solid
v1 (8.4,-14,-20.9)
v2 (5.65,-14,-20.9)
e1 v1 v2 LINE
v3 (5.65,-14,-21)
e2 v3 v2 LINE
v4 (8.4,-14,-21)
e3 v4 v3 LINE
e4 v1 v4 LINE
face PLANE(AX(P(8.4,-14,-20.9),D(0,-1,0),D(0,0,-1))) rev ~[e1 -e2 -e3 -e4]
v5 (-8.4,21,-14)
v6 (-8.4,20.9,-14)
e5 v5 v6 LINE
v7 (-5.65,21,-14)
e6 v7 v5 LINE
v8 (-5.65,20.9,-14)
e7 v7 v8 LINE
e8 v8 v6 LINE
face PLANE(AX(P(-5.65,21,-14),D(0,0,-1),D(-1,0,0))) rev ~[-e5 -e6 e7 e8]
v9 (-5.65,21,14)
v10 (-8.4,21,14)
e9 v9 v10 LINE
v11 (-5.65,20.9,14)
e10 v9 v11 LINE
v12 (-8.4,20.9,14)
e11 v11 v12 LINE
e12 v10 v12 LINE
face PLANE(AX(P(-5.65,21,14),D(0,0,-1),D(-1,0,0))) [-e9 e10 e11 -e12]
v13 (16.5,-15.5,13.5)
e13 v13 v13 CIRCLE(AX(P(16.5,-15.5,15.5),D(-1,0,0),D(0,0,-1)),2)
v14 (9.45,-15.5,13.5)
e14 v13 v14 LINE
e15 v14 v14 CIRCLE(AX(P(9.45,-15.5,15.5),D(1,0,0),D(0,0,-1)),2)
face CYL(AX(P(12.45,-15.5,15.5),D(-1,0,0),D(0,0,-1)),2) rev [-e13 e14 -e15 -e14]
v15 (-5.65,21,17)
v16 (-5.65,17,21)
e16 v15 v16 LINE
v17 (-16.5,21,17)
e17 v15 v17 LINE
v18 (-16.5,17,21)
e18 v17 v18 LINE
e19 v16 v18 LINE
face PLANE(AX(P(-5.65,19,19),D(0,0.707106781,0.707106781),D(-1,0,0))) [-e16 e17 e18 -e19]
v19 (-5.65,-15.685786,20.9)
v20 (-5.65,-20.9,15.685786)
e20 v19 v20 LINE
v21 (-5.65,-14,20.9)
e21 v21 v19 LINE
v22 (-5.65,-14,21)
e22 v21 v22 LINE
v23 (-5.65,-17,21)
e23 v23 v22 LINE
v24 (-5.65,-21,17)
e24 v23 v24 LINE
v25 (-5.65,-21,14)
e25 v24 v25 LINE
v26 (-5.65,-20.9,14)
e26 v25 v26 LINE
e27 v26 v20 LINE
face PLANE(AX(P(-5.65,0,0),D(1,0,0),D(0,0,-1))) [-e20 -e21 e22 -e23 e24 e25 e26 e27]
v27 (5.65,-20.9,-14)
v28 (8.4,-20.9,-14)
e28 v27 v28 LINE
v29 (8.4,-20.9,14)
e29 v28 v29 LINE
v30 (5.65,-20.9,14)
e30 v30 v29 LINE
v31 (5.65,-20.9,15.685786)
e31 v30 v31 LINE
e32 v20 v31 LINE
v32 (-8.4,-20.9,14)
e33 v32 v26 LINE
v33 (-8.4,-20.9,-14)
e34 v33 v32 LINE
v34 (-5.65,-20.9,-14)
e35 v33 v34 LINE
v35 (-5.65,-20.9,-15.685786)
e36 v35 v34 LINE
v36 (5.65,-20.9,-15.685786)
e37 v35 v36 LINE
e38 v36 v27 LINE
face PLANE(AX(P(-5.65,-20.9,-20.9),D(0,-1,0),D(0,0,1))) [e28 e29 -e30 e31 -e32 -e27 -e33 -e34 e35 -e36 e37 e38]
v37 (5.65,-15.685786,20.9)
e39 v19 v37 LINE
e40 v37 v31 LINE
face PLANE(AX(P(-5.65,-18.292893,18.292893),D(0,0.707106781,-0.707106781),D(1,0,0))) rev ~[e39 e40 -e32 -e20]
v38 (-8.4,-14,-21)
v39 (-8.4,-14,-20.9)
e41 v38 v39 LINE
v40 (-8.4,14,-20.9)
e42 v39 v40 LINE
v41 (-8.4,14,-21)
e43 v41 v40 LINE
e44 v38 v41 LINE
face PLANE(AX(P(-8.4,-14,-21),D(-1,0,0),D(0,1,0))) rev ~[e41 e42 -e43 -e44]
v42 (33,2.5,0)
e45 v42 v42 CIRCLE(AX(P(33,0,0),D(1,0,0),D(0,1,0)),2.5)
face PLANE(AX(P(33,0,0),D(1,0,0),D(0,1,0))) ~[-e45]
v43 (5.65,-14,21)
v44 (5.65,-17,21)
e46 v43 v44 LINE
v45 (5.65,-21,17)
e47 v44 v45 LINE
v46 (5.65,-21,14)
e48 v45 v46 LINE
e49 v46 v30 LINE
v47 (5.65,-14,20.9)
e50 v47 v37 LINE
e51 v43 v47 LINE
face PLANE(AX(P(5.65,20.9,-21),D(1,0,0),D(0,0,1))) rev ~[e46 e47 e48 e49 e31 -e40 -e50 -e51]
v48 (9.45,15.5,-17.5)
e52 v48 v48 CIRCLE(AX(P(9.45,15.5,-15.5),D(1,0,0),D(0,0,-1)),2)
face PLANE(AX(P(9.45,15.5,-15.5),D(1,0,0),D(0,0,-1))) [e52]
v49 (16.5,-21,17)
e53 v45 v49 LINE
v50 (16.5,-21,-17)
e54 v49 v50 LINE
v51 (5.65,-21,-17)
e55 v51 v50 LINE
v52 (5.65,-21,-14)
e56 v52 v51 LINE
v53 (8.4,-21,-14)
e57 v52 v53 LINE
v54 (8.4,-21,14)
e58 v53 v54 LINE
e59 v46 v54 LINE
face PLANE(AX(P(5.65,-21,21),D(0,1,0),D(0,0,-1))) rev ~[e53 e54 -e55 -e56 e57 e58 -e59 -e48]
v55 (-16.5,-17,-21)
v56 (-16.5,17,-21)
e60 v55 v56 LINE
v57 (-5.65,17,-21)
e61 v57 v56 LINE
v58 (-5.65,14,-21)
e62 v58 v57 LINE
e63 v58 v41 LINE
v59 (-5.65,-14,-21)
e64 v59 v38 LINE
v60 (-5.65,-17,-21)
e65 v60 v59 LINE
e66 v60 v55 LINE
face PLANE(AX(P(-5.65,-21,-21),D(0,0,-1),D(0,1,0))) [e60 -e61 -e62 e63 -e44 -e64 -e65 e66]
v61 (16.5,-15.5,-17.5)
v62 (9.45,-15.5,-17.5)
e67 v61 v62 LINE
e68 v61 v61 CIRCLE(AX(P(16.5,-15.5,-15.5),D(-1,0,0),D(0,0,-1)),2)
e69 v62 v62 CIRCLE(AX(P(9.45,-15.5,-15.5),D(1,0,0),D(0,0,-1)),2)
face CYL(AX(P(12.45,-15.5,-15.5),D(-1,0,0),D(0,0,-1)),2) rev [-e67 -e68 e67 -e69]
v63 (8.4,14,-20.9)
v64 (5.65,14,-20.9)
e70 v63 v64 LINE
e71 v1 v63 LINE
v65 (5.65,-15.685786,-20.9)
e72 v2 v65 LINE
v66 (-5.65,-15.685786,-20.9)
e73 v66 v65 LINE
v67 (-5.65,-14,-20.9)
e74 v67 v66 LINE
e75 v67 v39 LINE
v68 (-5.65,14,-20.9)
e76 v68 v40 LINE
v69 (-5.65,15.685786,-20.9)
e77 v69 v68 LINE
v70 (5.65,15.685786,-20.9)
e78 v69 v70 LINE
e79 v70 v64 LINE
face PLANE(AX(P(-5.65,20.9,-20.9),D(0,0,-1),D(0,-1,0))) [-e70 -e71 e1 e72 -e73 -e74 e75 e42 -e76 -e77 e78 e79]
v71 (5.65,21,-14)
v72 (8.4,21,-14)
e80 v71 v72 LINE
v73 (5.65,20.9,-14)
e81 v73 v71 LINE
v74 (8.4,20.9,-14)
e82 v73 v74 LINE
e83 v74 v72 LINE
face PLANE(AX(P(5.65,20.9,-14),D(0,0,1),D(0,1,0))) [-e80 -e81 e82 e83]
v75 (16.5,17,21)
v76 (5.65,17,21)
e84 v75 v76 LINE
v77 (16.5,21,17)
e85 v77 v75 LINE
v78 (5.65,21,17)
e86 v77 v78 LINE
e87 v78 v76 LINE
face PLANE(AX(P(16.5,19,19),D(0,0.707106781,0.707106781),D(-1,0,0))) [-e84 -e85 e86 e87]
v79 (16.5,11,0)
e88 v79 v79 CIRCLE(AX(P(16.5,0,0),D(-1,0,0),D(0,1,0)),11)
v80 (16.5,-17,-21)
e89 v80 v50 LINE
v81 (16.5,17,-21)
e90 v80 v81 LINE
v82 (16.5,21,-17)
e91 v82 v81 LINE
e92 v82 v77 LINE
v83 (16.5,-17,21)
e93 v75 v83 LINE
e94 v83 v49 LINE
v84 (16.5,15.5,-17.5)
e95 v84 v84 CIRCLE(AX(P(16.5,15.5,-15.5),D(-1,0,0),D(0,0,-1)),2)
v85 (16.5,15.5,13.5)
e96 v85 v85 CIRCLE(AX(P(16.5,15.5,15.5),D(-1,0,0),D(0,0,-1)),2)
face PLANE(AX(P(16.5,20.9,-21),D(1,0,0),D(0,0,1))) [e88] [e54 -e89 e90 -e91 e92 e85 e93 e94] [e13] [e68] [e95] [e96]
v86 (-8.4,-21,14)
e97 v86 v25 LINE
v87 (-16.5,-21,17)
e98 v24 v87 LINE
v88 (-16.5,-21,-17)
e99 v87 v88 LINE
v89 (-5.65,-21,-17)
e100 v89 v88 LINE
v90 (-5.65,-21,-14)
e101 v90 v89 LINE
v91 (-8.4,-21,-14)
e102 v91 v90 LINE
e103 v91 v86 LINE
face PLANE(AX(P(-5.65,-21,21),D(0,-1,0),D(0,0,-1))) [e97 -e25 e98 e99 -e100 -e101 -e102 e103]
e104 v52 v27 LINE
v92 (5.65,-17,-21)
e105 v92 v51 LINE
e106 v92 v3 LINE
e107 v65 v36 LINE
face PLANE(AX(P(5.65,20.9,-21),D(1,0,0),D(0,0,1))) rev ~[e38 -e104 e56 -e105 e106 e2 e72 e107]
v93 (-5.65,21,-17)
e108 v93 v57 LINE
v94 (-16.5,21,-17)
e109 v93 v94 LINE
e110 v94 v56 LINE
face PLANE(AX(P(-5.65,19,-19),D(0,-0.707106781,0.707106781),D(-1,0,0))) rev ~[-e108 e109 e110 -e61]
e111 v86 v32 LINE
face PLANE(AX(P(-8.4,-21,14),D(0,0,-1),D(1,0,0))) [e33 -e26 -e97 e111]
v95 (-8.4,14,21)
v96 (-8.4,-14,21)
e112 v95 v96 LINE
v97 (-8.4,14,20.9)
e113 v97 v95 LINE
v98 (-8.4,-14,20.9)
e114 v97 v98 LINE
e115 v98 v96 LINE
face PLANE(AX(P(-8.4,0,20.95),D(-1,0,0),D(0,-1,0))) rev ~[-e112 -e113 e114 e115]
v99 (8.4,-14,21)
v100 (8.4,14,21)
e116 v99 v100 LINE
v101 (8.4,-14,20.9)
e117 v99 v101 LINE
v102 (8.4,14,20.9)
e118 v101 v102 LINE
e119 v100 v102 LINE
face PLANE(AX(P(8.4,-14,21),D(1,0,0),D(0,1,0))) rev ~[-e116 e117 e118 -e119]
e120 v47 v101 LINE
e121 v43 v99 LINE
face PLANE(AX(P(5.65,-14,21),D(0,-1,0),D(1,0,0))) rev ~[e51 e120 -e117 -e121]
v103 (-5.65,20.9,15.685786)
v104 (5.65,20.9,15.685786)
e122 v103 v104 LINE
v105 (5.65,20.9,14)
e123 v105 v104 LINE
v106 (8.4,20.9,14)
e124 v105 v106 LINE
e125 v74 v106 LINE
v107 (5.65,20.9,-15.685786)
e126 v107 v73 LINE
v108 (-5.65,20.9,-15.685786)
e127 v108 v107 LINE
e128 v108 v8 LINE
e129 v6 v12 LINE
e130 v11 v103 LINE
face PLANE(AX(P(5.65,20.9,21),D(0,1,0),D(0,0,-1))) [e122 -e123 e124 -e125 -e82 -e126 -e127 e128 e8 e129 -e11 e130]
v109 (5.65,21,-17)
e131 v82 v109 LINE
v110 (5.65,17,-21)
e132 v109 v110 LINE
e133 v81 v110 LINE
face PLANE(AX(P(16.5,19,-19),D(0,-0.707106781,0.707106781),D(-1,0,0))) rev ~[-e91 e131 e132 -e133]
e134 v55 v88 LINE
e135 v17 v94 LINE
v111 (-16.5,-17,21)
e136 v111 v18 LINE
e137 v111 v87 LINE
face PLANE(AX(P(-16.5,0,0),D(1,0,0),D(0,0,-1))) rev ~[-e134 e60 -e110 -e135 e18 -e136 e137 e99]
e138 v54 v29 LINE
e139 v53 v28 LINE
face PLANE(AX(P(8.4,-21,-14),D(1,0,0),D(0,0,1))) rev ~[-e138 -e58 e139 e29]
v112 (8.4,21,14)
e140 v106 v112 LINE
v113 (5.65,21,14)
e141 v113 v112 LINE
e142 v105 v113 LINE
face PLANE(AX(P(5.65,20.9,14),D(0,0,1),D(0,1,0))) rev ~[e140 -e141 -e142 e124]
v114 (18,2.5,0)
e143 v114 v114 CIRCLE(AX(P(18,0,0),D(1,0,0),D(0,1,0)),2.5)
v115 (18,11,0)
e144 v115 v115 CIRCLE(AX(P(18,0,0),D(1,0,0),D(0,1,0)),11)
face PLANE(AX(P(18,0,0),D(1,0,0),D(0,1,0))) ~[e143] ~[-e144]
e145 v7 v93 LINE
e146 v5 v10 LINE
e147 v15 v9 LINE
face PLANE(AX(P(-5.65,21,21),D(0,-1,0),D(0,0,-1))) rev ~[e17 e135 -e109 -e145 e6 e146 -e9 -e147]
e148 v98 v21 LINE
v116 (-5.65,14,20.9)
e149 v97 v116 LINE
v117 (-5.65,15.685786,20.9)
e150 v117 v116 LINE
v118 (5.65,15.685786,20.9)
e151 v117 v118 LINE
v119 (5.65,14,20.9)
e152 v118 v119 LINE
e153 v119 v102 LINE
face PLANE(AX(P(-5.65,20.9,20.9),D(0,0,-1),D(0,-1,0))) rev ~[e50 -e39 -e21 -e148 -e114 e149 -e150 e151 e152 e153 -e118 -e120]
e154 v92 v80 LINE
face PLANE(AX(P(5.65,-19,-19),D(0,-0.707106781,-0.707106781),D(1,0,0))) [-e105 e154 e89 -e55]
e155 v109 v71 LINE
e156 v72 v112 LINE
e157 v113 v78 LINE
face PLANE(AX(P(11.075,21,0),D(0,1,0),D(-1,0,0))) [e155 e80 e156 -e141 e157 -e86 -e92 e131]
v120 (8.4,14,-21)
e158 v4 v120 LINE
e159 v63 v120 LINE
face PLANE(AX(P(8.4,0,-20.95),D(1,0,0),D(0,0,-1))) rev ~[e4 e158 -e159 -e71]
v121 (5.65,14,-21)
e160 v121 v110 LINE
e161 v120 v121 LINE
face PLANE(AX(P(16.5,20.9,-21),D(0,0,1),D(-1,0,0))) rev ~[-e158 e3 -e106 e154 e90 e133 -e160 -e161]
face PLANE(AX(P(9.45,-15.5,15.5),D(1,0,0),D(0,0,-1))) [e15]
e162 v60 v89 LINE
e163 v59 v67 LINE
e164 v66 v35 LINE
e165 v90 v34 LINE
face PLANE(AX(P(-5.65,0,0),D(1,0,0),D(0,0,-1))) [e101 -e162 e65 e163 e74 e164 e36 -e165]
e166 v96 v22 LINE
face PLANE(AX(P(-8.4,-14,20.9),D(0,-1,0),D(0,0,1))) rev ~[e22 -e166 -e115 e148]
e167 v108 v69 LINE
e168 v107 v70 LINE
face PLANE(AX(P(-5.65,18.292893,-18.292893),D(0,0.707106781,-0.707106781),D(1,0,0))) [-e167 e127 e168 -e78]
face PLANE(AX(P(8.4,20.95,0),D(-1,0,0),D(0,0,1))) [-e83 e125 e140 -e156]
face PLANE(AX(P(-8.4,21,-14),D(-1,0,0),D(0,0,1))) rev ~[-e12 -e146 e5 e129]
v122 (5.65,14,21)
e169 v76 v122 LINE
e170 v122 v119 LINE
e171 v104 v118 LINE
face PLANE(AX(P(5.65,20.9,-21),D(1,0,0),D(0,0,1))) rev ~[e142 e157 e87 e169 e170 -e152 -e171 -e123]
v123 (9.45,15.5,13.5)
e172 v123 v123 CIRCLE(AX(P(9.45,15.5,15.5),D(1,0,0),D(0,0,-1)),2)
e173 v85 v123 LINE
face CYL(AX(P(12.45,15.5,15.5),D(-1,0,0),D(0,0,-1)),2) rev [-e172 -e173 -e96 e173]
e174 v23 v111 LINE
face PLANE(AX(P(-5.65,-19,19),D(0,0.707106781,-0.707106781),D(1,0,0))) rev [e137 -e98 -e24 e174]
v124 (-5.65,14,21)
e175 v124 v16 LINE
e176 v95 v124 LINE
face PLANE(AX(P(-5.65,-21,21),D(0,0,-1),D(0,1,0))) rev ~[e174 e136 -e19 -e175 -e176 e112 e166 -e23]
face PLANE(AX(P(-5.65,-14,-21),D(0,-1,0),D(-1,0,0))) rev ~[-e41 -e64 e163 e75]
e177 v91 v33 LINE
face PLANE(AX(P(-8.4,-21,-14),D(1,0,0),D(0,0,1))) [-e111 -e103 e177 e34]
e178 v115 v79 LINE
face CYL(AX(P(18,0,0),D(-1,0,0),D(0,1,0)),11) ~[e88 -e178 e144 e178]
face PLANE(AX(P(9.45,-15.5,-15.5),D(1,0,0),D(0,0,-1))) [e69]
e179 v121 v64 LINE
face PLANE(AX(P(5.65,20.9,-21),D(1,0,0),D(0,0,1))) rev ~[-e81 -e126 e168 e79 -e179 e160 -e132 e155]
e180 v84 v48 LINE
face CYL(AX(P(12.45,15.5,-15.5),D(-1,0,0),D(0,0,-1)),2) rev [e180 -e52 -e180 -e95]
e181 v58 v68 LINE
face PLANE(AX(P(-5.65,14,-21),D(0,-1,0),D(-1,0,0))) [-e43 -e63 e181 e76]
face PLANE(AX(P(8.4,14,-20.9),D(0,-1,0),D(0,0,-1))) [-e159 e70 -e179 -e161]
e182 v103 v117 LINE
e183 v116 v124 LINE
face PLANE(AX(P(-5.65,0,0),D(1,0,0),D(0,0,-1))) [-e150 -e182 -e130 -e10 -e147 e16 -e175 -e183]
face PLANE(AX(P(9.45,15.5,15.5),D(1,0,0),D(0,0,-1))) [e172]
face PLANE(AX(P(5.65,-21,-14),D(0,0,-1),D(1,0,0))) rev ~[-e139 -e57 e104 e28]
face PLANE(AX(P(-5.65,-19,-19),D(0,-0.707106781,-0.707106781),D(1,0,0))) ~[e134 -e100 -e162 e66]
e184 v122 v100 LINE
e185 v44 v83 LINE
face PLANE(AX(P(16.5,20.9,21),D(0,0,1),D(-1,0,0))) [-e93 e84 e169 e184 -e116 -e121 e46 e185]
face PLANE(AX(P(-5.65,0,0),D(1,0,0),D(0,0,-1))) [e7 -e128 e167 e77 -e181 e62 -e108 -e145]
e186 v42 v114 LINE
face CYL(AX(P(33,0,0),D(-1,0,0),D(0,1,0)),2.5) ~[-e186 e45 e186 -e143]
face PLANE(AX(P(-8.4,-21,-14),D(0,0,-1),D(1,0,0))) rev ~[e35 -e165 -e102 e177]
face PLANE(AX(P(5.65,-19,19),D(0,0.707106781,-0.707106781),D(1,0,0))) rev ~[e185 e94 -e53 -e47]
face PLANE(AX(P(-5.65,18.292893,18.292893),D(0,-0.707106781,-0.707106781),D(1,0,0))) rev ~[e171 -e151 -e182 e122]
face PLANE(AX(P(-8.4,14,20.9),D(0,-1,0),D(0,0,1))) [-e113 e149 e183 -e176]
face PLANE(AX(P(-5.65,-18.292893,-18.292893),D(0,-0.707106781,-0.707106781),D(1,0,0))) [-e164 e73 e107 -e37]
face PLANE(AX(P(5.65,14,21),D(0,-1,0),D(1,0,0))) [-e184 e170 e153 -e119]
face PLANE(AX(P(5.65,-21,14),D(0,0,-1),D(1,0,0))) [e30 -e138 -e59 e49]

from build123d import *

# Parameters (mm, degrees)
CROQUIS1_W                  = 41.8
CROQUIS1_H                  = 41.8
SALIENTE_EXTRUIR1_DEPTH     = 11.3
CROQUIS2_W                  = 42
CROQUIS2_H                  = 41.9
SALIENTE_EXTRUIR2_DEPTH     = 10.85
CROQUIS3_W                  = 10.85
CROQUIS3_H                  = 42
SALIENTE_EXTRUIR3_DEPTH     = 0.1
CROQUIS4_W                  = 42
CROQUIS4_H                  = 42
SALIENTE_EXTRUIR4_DEPTH     = 10.85
CORTAR_EXTRUIR1_REACH       = 26.9
CROQUIS5_W                  = 0.1
CROQUIS5_H                  = 28
CORTAR_EXTRUIR2_REACH       = 26.9
CROQUIS6_W                  = 28
CROQUIS6_H                  = 0.1
CROQUIS7_W                  = 2.75
CROQUIS7_H                  = 28
CORTAR_EXTRUIR3_DEPTH       = 0.1
CROQUIS8_W                  = 2.75
CROQUIS8_H                  = 28
CORTAR_EXTRUIR4_DEPTH       = 0.1
CROQUIS9_W                  = 28
CROQUIS9_H                  = 0.1
CORTAR_EXTRUIR5_DEPTH       = 2.75
CROQUIS10_W                 = 2.75
CROQUIS10_H                 = 28
CORTAR_EXTRUIR6_DEPTH       = 0.1
CROQUIS11_W                 = 2.75
CROQUIS11_H                 = 28
CORTAR_EXTRUIR7_DEPTH       = 0.1
CROQUIS12_W                 = 2.75
CROQUIS12_H                 = 28
CORTAR_EXTRUIR8_DEPTH       = 0.1
CHAFL_N1_SIZE               = 5.214213562
CHAFL_N2_SIZE               = 4
CROQUIS18_R                 = 2
CORTAR_EXTRUIR10_DEPTH      = 6
CORTAR_EXTRUIR10_DEPTH_BACK = 3


with BuildPart() as part:
    # Croquis1 → Saliente-Extruir1 (new body)
    with BuildSketch(Plane(origin=(-5.65, 0, 0), x_dir=(0, -1, 0), z_dir=(-1, 0, 0))):
        Rectangle(CROQUIS1_W, CROQUIS1_H)
    extrude(amount=-SALIENTE_EXTRUIR1_DEPTH)

    # Croquis2 → Saliente-Extruir2 (add)
    with BuildSketch(Plane(origin=(5.65, 0, 0), x_dir=(0, 0, -1), z_dir=(1, 0, 0))):
        with Locations((0, -0.05)):
            Rectangle(CROQUIS2_W, CROQUIS2_H)
    extrude(amount=SALIENTE_EXTRUIR2_DEPTH)

    # Croquis3 → Saliente-Extruir3 (add)
    with BuildSketch(Plane(origin=(0, 20.9, 0), x_dir=(-1, 0, 0), z_dir=(0, 1, 0))):
        with Locations((-11.075, 0)):
            Rectangle(CROQUIS3_W, CROQUIS3_H)
    extrude(amount=SALIENTE_EXTRUIR3_DEPTH)

    # Croquis4 → Saliente-Extruir4 (add)
    with BuildSketch(Plane(origin=(-5.65, 0, 0), x_dir=(0, 0, -1), z_dir=(1, 0, 0))):
        Rectangle(CROQUIS4_W, CROQUIS4_H)
    extrude(amount=-SALIENTE_EXTRUIR4_DEPTH)

    # Croquis5 → Cortar-Extruir1 (cut, up to next)
    with BuildSketch(Plane(origin=(8.4, 0, 0), x_dir=(0, 0, -1), z_dir=(1, 0, 0)), mode=Mode.PRIVATE) as cortar_extruir1_sk1:
        with Locations((20.95, 0)):
            Rectangle(CROQUIS5_W, CROQUIS5_H)
    cortar_extruir1_tool1 = extrude(cortar_extruir1_sk1.sketch, amount=-CORTAR_EXTRUIR1_REACH, mode=Mode.PRIVATE) & part.part
    add(cortar_extruir1_tool1.solids().sort_by_distance((8.4, 0, -20.95))[0], mode=Mode.SUBTRACT)

    # Croquis6 → Cortar-Extruir2 (cut, up to next)
    with BuildSketch(Plane(origin=(-8.4, 0, 0), x_dir=(0, -1, 0), z_dir=(-1, 0, 0)), mode=Mode.PRIVATE) as cortar_extruir2_sk1:
        with Locations((0, 20.95)):
            Rectangle(CROQUIS6_W, CROQUIS6_H)
    cortar_extruir2_tool1 = extrude(cortar_extruir2_sk1.sketch, amount=-CORTAR_EXTRUIR2_REACH, mode=Mode.PRIVATE) & part.part
    add(cortar_extruir2_tool1.solids().sort_by_distance((-8.4, 0, 20.95))[0], mode=Mode.SUBTRACT)

    # Croquis7 → Cortar-Extruir3 (cut)
    with BuildSketch(Plane.XZ.offset(21)):
        with Locations((7.025, 0)):
            Rectangle(CROQUIS7_W, CROQUIS7_H)
    extrude(amount=-CORTAR_EXTRUIR3_DEPTH, mode=Mode.SUBTRACT)

    # Croquis8 → Cortar-Extruir4 (cut)
    with BuildSketch(Plane.XY.offset(21)):
        with Locations((7.025, 0)):
            Rectangle(CROQUIS8_W, CROQUIS8_H)
    extrude(amount=-CORTAR_EXTRUIR4_DEPTH, mode=Mode.SUBTRACT)

    # Croquis9 → Cortar-Extruir5 (cut)
    with BuildSketch(Plane.ZY.offset(-5.65)):
        with Locations((0, 20.95)):
            Rectangle(CROQUIS9_W, CROQUIS9_H)
    extrude(amount=-CORTAR_EXTRUIR5_DEPTH, mode=Mode.SUBTRACT)

    # Croquis10 → Cortar-Extruir6 (cut)
    with BuildSketch(Plane.XZ.offset(21)):
        with Locations((-7.025, 0)):
            Rectangle(CROQUIS10_W, CROQUIS10_H)
    extrude(amount=-CORTAR_EXTRUIR6_DEPTH, mode=Mode.SUBTRACT)

    # Croquis11 → Cortar-Extruir7 (cut)
    with BuildSketch(Plane(origin=(0, 0, -21), x_dir=(-1, 0, 0), z_dir=(0, 0, -1))):
        with Locations((7.025, 0)):
            Rectangle(CROQUIS11_W, CROQUIS11_H)
    extrude(amount=-CORTAR_EXTRUIR7_DEPTH, mode=Mode.SUBTRACT)

    # Croquis12 → Cortar-Extruir8 (cut)
    with BuildSketch(Plane(origin=(0, 21, 0), x_dir=(-1, 0, 0), z_dir=(0, 1, 0))):
        with Locations((7.025, 0)):
            Rectangle(CROQUIS12_W, CROQUIS12_H)
    extrude(amount=-CORTAR_EXTRUIR8_DEPTH, mode=Mode.SUBTRACT)

    # Croquis15 → Revolución1 (revolve)
    with BuildSketch(Plane.XY):
        Polygon((15.5, 11), (15.5, 0), (33, 0), (33, 2.5), (18, 2.5), (18, 11), align=None)
    revolve(axis=Axis((15.5, 0, 0), (1, 0, 0)))

    # Chaflán1
    chafl_n1_edges = [part.edges().sort_by_distance(p)[0] for p in [
        (0, -20.9, -20.9),
        (0, 20.9, 20.9),
        (0, 20.9, -20.9),
        (0, -20.9, 20.9),
    ]]
    chamfer(chafl_n1_edges, length=CHAFL_N1_SIZE)

    # Chaflán2
    chafl_n2_edges = [part.edges().sort_by_distance(p)[0] for p in [
        (11.075, -21, 21),
        (11.075, -21, -21),
        (11.075, 21, 21),
        (11.075, 21, -21),
        (-11.075, 21, -21),
        (-11.075, -21, -21),
        (-11.075, -21, 21),
        (-11.075, 21, 21),
    ]]
    chamfer(chafl_n2_edges, length=CHAFL_N2_SIZE)

    # Croquis18 → Cortar-Extruir10 (cut, two sides)
    with BuildSketch(Plane(origin=(12.45, 0, 0), x_dir=(0, 0, -1), z_dir=(1, 0, 0))) as cortar_extruir10_sk:
        with Locations((-15.5, 15.5)):
            Circle(CROQUIS18_R)
        with Locations((15.5, 15.5)):
            Circle(CROQUIS18_R)
        with Locations((15.5, -15.5)):
            Circle(CROQUIS18_R)
        with Locations((-15.5, -15.5)):
            Circle(CROQUIS18_R)
    extrude(amount=CORTAR_EXTRUIR10_DEPTH, mode=Mode.SUBTRACT)
    extrude(cortar_extruir10_sk.sketch, amount=-CORTAR_EXTRUIR10_DEPTH_BACK, mode=Mode.SUBTRACT)


solid = part.part
